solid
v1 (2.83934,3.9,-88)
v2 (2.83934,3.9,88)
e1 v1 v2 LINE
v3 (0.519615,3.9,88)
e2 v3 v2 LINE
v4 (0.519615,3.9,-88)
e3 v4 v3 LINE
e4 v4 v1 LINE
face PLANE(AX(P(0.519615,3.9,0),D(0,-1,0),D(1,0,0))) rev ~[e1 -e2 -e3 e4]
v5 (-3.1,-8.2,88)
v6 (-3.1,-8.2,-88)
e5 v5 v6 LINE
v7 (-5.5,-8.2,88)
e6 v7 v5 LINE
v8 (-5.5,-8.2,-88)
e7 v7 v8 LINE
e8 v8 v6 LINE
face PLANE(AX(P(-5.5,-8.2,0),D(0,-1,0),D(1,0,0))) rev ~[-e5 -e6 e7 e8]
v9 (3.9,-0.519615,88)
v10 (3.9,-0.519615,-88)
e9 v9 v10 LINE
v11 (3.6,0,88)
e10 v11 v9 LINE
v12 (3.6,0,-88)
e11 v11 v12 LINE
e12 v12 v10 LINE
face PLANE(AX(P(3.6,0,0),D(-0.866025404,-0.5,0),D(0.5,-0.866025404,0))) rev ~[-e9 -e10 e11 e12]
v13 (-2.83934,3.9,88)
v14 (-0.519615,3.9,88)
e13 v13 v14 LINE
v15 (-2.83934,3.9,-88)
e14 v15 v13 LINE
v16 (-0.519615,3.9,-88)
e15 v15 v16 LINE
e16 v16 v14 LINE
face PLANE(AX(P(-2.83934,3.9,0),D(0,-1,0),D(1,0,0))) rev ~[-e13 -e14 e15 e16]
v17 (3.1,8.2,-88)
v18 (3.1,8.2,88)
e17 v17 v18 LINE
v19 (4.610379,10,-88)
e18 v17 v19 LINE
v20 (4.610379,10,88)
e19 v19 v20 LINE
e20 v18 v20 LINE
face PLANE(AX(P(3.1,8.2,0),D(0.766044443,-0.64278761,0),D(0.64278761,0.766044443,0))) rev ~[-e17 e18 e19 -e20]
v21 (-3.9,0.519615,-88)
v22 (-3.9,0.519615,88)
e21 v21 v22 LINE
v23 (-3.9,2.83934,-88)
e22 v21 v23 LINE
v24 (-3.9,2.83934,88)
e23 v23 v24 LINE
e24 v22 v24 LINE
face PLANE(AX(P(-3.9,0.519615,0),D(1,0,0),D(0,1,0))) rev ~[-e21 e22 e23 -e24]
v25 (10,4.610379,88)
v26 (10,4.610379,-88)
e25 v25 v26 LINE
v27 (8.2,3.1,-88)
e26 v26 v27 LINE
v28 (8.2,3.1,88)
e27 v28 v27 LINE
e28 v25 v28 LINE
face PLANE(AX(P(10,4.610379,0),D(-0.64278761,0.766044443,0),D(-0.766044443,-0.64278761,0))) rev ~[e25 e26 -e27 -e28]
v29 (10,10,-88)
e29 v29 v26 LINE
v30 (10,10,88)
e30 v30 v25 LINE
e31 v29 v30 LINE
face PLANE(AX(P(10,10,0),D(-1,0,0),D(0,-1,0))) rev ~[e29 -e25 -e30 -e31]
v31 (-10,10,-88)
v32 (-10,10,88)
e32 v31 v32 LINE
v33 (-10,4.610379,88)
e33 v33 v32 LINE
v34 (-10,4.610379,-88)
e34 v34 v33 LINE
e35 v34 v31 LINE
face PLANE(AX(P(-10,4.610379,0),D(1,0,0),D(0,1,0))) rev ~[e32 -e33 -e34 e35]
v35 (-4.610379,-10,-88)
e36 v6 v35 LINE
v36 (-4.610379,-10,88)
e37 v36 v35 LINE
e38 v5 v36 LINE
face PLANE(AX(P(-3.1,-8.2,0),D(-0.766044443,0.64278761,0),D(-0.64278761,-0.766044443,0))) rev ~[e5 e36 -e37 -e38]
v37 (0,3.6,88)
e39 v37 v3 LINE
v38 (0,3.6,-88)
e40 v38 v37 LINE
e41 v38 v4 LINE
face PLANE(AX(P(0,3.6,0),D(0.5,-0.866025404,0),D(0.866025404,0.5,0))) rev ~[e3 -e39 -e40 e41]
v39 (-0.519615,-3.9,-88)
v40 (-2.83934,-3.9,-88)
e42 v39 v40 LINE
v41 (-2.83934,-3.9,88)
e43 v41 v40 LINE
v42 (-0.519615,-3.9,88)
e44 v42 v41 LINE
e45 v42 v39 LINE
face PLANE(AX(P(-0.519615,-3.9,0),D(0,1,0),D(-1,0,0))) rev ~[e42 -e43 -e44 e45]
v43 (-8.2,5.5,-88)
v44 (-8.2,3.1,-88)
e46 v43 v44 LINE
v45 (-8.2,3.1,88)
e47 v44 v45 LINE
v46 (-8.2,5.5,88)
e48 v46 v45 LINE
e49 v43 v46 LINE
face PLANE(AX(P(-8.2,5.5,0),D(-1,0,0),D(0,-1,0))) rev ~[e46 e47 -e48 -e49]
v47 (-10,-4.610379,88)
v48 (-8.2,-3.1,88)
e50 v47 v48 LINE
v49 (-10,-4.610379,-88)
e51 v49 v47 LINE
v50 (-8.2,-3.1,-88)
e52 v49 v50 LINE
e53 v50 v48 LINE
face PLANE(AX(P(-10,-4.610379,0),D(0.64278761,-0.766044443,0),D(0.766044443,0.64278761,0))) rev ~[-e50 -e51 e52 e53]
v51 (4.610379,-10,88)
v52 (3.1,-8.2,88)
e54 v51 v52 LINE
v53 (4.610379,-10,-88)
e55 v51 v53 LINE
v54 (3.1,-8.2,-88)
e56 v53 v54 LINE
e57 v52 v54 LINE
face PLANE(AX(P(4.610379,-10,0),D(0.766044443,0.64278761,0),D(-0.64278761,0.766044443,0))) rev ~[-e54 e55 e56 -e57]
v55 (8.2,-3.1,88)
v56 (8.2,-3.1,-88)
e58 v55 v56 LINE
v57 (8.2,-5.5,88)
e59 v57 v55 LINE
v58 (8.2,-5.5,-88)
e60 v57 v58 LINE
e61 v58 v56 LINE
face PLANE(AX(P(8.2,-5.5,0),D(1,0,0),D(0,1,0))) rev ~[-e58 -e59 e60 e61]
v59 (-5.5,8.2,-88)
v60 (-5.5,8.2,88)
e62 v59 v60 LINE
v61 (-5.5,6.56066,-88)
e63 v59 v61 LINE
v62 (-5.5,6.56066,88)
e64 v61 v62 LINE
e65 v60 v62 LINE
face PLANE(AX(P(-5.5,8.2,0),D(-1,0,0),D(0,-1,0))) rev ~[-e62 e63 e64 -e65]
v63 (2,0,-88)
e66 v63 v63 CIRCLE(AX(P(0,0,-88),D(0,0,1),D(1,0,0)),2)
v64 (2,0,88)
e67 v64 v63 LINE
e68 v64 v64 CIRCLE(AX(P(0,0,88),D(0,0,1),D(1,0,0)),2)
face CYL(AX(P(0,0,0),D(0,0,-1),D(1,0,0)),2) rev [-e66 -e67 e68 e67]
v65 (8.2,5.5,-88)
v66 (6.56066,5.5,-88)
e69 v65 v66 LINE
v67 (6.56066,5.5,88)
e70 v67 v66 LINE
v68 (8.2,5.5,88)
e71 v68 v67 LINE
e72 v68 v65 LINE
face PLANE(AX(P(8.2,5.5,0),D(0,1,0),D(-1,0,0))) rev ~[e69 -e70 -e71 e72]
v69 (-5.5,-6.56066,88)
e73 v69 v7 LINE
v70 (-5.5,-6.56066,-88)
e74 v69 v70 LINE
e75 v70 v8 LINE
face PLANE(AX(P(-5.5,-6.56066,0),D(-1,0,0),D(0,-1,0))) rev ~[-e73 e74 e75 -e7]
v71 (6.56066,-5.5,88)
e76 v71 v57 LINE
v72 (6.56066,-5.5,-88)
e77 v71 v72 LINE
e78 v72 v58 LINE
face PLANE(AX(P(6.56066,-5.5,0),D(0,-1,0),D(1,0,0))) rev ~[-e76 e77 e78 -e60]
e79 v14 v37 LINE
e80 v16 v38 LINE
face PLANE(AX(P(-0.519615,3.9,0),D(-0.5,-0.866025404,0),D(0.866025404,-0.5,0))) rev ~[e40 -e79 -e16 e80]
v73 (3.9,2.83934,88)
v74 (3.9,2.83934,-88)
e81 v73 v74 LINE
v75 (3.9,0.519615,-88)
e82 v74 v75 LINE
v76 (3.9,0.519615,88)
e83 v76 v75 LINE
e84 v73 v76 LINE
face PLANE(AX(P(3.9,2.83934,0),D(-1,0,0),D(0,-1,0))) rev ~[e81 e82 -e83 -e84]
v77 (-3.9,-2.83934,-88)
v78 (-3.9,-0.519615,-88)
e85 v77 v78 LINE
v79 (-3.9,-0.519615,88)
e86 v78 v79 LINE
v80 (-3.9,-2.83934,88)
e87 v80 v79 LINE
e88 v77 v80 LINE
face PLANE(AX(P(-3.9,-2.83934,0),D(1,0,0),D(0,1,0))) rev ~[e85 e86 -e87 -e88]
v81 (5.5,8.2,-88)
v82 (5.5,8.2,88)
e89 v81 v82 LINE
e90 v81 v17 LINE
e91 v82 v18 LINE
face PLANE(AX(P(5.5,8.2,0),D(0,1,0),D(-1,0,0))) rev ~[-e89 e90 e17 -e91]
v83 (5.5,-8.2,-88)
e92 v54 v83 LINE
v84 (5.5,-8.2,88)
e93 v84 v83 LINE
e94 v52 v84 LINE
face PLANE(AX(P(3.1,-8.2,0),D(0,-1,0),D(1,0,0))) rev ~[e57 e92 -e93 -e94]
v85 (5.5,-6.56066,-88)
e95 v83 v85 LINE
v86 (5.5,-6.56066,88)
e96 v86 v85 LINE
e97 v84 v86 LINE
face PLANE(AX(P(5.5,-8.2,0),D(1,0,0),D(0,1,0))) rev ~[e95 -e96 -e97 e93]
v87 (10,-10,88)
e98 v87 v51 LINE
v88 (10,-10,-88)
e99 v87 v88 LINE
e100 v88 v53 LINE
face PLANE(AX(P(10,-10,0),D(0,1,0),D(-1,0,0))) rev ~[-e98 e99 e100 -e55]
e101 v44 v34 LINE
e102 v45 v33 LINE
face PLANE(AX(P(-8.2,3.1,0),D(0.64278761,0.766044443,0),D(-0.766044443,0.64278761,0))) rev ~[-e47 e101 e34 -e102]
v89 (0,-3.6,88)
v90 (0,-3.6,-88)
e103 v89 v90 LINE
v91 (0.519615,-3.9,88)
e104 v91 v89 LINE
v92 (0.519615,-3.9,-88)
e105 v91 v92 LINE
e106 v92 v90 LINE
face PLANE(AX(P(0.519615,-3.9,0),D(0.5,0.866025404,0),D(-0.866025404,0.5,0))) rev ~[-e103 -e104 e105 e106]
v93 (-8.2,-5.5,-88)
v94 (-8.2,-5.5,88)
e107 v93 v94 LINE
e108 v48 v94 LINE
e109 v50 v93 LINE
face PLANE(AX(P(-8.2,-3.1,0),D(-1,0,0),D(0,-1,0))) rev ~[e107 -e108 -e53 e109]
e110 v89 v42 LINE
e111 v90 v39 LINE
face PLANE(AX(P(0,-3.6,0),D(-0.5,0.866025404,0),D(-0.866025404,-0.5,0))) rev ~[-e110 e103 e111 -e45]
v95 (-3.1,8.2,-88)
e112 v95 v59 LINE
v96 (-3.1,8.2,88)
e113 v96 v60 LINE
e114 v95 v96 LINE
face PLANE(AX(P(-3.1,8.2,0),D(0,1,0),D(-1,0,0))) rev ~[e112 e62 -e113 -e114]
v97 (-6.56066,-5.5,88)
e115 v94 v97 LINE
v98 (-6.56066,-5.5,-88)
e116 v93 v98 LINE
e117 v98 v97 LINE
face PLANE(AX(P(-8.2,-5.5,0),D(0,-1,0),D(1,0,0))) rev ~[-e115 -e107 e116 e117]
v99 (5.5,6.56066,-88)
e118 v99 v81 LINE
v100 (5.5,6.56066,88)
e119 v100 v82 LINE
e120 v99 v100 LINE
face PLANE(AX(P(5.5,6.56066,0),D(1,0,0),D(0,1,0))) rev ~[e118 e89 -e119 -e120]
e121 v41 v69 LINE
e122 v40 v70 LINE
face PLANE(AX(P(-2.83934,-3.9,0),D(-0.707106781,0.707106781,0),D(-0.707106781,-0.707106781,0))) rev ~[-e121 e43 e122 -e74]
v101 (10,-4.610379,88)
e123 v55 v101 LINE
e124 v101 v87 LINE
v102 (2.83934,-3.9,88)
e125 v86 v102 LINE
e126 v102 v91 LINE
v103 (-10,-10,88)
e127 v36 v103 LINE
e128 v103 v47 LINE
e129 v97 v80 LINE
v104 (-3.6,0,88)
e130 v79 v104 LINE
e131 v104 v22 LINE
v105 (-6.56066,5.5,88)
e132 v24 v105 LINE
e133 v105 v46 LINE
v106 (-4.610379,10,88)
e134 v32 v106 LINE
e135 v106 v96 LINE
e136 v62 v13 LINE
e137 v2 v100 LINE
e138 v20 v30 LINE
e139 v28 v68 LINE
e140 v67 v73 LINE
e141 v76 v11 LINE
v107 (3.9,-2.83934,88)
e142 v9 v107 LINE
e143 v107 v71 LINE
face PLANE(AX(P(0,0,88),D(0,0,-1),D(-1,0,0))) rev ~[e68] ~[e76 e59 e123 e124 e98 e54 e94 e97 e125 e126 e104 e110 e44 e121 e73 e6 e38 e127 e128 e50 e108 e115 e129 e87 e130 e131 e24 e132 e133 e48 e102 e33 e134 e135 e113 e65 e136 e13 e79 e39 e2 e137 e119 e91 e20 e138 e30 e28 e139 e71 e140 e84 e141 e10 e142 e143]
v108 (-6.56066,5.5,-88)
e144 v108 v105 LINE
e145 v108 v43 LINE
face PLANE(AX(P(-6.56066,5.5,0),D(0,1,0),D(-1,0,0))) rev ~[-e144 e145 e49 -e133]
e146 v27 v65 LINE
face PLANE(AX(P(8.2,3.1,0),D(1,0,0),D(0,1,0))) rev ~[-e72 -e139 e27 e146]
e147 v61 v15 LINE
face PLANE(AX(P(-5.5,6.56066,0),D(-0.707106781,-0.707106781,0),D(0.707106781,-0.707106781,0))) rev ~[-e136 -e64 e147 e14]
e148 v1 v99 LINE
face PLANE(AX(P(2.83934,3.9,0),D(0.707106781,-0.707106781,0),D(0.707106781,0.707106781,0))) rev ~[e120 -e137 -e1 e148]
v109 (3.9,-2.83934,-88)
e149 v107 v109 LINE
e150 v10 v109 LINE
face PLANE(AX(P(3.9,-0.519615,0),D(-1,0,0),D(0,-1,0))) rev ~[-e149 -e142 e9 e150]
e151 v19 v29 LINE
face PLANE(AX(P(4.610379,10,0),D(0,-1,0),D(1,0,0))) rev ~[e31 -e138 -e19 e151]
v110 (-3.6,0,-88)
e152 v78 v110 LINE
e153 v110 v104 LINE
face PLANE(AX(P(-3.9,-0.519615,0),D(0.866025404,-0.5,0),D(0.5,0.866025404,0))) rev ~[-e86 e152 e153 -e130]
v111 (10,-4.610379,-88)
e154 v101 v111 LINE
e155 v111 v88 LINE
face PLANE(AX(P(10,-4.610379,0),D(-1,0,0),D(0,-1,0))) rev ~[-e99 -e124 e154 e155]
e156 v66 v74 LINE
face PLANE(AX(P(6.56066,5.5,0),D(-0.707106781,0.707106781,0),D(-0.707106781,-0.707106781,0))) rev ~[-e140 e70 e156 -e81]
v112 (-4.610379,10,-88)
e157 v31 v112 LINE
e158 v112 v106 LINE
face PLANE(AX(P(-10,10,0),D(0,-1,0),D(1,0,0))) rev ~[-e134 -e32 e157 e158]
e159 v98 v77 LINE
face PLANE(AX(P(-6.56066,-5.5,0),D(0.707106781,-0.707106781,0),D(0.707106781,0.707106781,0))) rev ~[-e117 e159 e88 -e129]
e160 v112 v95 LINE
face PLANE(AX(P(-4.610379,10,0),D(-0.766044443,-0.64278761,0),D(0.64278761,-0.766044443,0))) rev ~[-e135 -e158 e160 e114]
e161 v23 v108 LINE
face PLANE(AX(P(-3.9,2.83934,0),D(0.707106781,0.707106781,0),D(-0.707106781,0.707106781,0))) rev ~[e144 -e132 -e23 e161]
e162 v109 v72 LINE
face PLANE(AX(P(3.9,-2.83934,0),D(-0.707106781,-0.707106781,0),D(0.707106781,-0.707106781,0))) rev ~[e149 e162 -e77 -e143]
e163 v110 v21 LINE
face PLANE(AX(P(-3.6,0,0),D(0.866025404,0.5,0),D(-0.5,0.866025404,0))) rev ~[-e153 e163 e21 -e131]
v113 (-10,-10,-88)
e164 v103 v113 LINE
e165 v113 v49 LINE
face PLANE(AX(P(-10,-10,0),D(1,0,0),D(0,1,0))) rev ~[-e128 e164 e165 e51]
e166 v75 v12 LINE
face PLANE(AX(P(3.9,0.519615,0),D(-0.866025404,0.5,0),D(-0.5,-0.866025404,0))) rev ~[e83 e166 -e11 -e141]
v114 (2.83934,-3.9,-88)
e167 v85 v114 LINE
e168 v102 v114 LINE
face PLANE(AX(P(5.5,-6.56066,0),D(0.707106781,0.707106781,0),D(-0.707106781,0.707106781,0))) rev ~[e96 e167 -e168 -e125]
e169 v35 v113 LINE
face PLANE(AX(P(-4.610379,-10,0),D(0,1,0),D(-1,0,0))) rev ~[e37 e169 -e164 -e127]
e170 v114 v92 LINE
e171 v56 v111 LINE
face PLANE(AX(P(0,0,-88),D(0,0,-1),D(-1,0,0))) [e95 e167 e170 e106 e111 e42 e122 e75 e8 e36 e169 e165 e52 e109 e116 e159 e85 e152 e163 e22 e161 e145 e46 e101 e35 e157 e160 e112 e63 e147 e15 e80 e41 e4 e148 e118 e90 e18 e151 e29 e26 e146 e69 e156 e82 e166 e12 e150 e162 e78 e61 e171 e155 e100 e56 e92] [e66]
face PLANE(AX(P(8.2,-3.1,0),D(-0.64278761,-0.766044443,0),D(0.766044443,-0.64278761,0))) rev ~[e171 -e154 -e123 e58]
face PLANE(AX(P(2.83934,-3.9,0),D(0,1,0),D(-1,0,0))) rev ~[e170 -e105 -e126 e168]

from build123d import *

# Parameters (mm, degrees)
SKETCH1_R           = 2
BOSS_EXTRUDE1_DEPTH = 88


with BuildPart() as part:
    # Sketch1 → Boss-Extrude1 (new body, symmetric)
    with BuildSketch(Plane.XY):
        Polygon((10, 10), (10, 4.610379336), (8.2, 3.1), (8.2, 5.5), (6.560660172, 5.5), (3.9, 2.839339828), (3.9, 0.519615242), (3.6, 0), (3.9, -0.519615242), (3.9, -2.839339828), (6.560660172, -5.5), (8.2, -5.5), (8.2, -3.1), (10, -4.610379336), (10, -10), (4.610379336, -10), (3.1, -8.2), (5.5, -8.2), (5.5, -6.560660172), (2.839339828, -3.9), (0.519615242, -3.9), (0, -3.6), (-0.519615242, -3.9), (-2.839339828, -3.9), (-5.5, -6.560660172), (-5.5, -8.2), (-3.1, -8.2), (-4.610379336, -10), (-10, -10), (-10, -4.610379336), (-8.2, -3.1), (-8.2, -5.5), (-6.560660172, -5.5), (-3.9, -2.839339828), (-3.9, -0.519615242), (-3.6, 0), (-3.9, 0.519615242), (-3.9, 2.839339828), (-6.560660172, 5.5), (-8.2, 5.5), (-8.2, 3.1), (-10, 4.610379336), (-10, 10), (-4.610379336, 10), (-3.1, 8.2), (-5.5, 8.2), (-5.5, 6.560660172), (-2.839339828, 3.9), (-0.519615242, 3.9), (0, 3.6), (0.519615242, 3.9), (2.839339828, 3.9), (5.5, 6.560660172), (5.5, 8.2), (3.1, 8.2), (4.610379336, 10), align=None)
        Circle(SKETCH1_R, mode=Mode.SUBTRACT)
    extrude(amount=BOSS_EXTRUDE1_DEPTH, both=True)


solid = part.part
